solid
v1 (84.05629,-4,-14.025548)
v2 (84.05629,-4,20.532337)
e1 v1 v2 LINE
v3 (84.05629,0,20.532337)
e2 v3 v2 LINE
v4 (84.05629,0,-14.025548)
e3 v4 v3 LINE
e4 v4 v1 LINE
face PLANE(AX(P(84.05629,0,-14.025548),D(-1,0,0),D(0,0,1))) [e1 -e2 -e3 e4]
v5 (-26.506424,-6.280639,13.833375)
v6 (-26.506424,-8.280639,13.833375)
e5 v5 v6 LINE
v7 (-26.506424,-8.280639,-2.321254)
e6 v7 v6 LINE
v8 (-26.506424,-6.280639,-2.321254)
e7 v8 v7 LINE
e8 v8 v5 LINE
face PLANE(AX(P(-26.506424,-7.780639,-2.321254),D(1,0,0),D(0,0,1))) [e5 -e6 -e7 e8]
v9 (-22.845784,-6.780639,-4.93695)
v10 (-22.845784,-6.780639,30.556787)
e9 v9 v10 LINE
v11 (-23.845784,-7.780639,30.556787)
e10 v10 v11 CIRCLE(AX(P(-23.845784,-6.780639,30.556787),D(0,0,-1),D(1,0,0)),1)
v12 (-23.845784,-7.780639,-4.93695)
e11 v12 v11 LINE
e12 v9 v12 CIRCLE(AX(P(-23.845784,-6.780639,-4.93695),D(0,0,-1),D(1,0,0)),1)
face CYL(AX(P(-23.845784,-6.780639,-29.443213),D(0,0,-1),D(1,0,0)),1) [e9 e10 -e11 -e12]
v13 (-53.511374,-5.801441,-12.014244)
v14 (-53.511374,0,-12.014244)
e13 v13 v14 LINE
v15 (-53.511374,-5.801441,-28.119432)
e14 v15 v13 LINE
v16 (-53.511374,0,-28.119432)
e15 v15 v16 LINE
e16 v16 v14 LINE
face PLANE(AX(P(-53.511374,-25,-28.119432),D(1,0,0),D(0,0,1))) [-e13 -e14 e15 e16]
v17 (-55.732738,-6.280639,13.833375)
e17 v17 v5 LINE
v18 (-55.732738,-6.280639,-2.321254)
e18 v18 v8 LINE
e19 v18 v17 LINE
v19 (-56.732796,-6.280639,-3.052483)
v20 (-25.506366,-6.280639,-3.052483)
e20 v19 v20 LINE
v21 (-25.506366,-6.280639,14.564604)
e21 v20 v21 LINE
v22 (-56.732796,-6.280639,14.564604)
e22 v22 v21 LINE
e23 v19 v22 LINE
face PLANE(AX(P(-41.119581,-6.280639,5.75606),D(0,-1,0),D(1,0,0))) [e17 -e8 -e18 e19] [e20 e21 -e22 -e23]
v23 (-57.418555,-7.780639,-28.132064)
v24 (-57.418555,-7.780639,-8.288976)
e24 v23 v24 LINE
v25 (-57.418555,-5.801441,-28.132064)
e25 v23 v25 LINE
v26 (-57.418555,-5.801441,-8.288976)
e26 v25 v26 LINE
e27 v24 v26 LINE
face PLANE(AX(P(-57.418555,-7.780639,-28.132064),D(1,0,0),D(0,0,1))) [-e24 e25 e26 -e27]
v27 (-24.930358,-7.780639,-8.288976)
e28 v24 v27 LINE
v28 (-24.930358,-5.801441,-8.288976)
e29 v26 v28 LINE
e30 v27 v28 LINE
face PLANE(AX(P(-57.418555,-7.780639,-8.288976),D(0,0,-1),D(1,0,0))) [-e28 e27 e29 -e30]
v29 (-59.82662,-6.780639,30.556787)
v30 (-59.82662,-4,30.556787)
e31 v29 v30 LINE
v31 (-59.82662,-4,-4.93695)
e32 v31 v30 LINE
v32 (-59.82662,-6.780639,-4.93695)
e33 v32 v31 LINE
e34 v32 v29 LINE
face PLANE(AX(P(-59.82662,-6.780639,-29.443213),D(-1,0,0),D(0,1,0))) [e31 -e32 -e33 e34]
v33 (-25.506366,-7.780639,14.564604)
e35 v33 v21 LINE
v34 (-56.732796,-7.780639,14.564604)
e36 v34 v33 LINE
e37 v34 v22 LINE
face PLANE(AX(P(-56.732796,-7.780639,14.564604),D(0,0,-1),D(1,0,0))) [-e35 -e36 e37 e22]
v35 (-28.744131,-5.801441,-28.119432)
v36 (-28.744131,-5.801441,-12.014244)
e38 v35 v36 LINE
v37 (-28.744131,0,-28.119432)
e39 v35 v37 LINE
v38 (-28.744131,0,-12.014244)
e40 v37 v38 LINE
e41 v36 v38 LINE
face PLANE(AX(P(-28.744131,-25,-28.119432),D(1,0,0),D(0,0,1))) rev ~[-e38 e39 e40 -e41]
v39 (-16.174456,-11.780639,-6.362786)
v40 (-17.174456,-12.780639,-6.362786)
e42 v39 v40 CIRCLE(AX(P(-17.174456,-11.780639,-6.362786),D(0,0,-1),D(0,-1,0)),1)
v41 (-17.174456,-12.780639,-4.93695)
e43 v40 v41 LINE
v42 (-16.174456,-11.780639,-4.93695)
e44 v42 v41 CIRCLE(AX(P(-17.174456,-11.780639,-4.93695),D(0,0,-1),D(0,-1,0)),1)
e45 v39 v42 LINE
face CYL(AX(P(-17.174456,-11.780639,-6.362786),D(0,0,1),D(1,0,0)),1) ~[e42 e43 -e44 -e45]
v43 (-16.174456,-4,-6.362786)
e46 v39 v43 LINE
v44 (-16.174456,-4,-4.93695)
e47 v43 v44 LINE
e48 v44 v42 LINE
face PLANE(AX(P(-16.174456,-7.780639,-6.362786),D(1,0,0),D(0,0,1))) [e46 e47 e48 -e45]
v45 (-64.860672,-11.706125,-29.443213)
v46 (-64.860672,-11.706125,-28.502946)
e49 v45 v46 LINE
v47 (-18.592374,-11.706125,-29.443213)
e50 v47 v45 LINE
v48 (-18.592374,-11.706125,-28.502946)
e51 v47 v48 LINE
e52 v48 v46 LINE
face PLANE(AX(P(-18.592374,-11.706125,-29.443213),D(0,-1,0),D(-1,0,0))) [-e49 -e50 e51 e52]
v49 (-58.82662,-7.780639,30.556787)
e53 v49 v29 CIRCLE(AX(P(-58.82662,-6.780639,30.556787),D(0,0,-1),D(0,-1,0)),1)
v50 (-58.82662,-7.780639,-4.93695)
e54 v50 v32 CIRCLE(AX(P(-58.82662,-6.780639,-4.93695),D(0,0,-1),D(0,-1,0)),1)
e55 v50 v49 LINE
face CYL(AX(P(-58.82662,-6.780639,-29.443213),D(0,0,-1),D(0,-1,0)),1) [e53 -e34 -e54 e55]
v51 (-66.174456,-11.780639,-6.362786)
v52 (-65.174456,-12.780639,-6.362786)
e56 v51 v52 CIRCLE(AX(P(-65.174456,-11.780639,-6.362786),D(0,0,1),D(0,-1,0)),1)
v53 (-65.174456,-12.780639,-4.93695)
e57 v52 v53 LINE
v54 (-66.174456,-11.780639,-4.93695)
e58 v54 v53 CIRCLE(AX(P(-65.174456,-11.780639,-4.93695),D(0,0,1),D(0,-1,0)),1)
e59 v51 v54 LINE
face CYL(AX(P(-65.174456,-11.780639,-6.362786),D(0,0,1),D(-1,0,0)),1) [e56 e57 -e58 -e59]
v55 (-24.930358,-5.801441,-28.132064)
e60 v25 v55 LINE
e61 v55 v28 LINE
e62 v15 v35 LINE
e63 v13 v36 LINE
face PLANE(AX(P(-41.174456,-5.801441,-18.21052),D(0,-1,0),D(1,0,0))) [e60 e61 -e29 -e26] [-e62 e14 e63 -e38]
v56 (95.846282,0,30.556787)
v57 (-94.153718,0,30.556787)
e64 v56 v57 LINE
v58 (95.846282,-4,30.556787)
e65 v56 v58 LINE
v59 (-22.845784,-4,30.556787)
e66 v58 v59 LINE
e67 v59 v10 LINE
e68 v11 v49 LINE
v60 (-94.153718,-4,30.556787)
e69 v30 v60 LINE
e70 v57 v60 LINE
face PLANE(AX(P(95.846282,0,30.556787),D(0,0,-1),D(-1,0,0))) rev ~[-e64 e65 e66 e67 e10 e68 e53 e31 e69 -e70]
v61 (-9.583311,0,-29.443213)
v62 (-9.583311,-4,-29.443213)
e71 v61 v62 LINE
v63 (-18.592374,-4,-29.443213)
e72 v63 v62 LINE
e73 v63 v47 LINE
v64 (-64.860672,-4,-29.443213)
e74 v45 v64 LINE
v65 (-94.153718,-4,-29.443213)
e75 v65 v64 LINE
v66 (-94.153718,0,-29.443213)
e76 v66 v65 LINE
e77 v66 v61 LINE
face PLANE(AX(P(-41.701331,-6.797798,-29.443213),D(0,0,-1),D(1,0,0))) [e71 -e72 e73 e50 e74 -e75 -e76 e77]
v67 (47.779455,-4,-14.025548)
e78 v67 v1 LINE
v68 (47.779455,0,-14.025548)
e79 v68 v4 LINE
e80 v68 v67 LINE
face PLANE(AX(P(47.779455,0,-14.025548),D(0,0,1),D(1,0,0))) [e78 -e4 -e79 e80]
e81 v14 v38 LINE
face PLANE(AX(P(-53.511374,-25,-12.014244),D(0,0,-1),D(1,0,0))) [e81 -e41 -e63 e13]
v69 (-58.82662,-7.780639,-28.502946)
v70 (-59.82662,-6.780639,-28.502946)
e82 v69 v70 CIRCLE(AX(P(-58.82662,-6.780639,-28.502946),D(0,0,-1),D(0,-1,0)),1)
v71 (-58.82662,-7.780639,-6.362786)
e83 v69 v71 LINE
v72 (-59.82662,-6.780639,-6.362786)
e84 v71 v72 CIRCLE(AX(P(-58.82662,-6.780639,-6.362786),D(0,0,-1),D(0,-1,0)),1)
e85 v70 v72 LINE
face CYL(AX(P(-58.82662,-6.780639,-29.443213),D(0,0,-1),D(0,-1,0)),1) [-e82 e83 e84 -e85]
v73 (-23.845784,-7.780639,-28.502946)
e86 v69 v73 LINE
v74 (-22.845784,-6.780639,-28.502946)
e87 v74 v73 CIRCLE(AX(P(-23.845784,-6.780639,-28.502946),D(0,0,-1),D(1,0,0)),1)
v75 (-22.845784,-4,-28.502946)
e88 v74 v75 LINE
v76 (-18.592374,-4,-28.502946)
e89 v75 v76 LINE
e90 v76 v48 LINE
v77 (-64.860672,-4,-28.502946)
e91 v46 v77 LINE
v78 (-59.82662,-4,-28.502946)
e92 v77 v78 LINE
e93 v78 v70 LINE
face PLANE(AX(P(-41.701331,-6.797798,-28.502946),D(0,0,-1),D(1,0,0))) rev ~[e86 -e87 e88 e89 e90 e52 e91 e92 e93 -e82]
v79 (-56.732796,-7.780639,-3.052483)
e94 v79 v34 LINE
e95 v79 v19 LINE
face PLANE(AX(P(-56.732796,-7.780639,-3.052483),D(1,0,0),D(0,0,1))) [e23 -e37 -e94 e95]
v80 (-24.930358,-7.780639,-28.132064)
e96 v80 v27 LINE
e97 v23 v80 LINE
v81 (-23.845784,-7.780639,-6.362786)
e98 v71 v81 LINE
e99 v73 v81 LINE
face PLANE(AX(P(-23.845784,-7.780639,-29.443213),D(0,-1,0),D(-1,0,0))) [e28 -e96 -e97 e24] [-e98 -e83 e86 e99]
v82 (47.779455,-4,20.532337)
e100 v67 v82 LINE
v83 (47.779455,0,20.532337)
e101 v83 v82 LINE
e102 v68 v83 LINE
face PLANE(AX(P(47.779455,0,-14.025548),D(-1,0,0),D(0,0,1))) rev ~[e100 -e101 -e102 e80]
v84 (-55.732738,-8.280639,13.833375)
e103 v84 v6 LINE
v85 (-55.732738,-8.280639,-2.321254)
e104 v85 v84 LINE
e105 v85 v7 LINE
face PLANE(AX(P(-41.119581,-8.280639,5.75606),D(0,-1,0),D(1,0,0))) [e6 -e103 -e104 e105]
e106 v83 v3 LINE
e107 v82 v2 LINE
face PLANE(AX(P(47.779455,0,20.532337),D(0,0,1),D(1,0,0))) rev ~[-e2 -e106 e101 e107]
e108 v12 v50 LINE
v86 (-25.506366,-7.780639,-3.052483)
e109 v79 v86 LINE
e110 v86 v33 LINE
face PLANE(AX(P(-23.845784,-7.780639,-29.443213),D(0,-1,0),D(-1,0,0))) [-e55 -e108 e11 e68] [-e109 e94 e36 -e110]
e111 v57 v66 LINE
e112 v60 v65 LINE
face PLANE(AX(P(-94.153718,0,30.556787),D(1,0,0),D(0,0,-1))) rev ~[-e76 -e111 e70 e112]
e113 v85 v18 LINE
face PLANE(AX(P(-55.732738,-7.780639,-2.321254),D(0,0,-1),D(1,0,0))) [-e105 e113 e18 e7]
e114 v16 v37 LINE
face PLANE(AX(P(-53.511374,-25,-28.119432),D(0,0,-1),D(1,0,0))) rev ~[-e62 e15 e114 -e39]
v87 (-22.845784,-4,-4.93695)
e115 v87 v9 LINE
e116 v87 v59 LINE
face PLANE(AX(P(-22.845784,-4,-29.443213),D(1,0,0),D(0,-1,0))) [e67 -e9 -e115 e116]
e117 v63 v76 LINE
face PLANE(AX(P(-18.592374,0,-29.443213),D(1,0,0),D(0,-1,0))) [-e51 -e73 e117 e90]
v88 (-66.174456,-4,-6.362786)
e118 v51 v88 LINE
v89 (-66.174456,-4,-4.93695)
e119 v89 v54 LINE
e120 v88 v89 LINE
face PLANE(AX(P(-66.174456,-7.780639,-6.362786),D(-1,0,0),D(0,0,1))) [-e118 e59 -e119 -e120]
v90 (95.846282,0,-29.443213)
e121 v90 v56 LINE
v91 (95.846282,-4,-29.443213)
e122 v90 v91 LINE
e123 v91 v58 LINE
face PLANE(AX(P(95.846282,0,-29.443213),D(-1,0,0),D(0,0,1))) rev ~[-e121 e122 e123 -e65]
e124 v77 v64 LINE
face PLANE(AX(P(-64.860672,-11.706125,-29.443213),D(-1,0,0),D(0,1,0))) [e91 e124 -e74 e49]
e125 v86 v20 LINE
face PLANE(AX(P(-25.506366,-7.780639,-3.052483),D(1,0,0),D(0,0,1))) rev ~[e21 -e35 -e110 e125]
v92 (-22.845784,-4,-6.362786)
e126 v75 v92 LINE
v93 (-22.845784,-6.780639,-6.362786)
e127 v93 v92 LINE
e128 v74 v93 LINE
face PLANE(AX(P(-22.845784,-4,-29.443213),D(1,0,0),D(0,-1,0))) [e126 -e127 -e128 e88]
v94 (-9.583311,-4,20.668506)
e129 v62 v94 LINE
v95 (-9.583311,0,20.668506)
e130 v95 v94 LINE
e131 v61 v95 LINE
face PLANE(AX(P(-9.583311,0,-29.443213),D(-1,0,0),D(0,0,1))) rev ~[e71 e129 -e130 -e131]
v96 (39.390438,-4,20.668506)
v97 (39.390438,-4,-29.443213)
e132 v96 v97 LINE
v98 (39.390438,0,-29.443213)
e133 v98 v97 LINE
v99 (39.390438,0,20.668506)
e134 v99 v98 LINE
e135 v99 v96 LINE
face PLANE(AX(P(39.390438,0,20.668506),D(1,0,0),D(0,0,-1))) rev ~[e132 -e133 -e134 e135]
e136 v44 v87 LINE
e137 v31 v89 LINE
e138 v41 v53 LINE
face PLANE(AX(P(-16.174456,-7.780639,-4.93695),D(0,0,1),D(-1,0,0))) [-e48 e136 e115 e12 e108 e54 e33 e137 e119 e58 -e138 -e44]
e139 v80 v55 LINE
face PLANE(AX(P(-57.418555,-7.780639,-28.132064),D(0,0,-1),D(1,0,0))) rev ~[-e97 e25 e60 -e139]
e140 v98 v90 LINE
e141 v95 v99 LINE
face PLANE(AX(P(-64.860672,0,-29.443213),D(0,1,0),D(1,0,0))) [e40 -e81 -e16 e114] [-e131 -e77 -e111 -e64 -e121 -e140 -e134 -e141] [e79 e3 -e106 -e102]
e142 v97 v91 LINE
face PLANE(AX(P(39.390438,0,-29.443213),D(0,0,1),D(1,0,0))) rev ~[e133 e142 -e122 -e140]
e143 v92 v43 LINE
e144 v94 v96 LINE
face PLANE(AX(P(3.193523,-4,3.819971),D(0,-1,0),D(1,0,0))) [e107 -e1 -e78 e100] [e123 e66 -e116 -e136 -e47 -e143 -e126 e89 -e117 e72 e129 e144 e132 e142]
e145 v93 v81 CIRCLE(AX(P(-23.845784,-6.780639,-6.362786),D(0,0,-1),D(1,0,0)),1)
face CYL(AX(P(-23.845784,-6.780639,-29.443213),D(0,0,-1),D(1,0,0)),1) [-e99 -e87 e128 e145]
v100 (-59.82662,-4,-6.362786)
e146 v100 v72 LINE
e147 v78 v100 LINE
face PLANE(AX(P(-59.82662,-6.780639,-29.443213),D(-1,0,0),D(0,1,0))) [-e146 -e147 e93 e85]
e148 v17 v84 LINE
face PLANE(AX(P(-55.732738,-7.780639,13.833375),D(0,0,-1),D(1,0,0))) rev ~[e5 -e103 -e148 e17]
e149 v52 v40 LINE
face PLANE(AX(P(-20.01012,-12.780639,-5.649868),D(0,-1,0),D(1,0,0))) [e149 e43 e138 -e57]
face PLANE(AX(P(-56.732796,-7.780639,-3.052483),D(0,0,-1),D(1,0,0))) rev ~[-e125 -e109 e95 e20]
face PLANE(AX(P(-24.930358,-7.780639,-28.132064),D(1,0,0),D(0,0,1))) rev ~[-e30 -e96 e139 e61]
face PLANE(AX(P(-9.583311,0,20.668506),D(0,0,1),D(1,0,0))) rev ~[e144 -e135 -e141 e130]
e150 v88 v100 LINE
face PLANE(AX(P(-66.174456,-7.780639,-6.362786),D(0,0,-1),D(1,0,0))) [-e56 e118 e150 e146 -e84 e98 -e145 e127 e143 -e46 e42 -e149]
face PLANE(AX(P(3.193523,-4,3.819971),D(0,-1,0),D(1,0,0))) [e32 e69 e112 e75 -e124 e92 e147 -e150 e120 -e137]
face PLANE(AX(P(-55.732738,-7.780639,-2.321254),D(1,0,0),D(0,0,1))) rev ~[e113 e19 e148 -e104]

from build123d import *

# Parameters (mm, degrees)
F0_W           = 36.2768345653
F0_H           = 34.5578843861
F1_DEPTH       = 4
F3_DEPTH       = 60
F4_W           = 24.767242372
F4_H           = 16.1051880568
F5_DEPTH       = 25
F6_DEPTH       = 28.2239038497
F7_W           = 32.4881970882
F7_H           = 19.8430884629
F7_W_2         = 24.767242372
F7_H_2         = 16.1051880568
F8_DEPTH       = 1.9791987725
F9_W           = 36.9808363765
F9_H           = 4
F10_DEPTH      = 0.9402669966
F11_W          = 29.2263142765
F11_H          = 16.1546287127
F12_DEPTH      = 0.5
F13_W          = 31.2264300883
F13_H          = 17.6170864142
F13_W_2        = 29.2263142765
F13_H_2        = 16.1546287127
F14_DEPTH      = 1.5
F15_W          = 7.6713270694
F15_H          = 1.4258362353
F15_W_2        = 34.9808363765
F15_W_3        = 7.3478365541
F16_DEPTH      = 5
F16_DEPTH_BACK = 4.8303701915
F17_R          = 1


with BuildPart() as f1:
    # F0 (on Front) → F1 (new body)
    with BuildSketch(Plane.XZ):
        Polygon((95.8462816477, 30.5567865909), (-94.1537183523, 30.5567865909), (-94.1537183523, -29.4432134091), (-9.5833106827, -29.4432134091), (-9.5833106827, 20.6685056415), (39.3904383138, 20.6685056415), (39.3904383138, -29.4432134091), (95.8462816477, -29.4432134091), align=None)
        with Locations((65.9178723932, 3.2533946408)):
            Rectangle(F0_W, F0_H, mode=Mode.SUBTRACT)
    extrude(amount=F1_DEPTH)

    # F2 (on face) → F3 (join)
    with BuildSketch(Plane(origin=(0, 0, -29.4432134091), x_dir=(1, 0, 0), z_dir=(0, 0, -1))):
        with BuildLine():
            Line((-59.8266199231, 6.7806394547), (-59.8266199231, 4))
            Line((-59.8266199231, 4), (-22.8457835466, 4))
            Line((-22.8457835466, 4), (-22.8457835466, 6.7806394547))
            ThreePointArc((-22.8457835466, 6.7806394547), (-23.1386767654, 7.4877462359), (-23.8457835466, 7.7806394547))
            Line((-23.8457835466, 7.7806394547), (-58.8266199231, 7.7806394547))
            ThreePointArc((-58.8266199231, 7.7806394547), (-59.5337267043, 7.4877462359), (-59.8266199231, 6.7806394547))
        make_face()
    extrude(amount=-F3_DEPTH)

    # F4 (on face) → F5 (join)
    with BuildSketch(Plane.XZ):
        with Locations((-41.1277525127, -20.0668377802)):
            Rectangle(F4_W, F4_H)
    extrude(amount=F5_DEPTH)

    # F6 (cut): a face of the model
    f6_faces = [f1.faces().sort_by_distance(p)[0] for p in [
        (-41.1277525127, -25, -20.0668377802),
    ]]
    extrude(f6_faces, amount=-F6_DEPTH, mode=Mode.SUBTRACT)

    # F7 (on face) → F8 (cut)
    with BuildSketch(Plane.XZ.offset(7.7806394547)):
        with Locations((-41.1744564772, -18.2105200365)):
            Rectangle(F7_W, F7_H)
        with Locations((-41.1277525127, -20.0668377802)):
            Rectangle(F7_W_2, F7_H_2, mode=Mode.SUBTRACT)
    extrude(amount=-F8_DEPTH, mode=Mode.SUBTRACT)

    # F9 (on face) → F10 (join)
    with BuildSketch(Plane(origin=(0, 0, -29.4432134091), x_dir=(1, 0, 0), z_dir=(0, 0, -1))):
        Polygon((-64.8606717587, 11.7061249912), (-64.8606717587, 0), (-59.8266199231, 0), (-59.8266199231, 4), (-22.8457835466, 4), (-22.8457835466, 0), (-18.5923743993, 0), (-18.5923743993, 11.7061249912), align=None)
        with Locations((-41.3362017348, 2)):
            Rectangle(F9_W, F9_H)
    extrude(amount=-F10_DEPTH)

    # F11 (on face) → F12 (join)
    with BuildSketch(Plane.XZ.offset(7.7806394547)):
        with Locations((-41.1195810884, 5.75606036)):
            Rectangle(F11_W, F11_H)
    extrude(amount=F12_DEPTH)

    # F13 (on face) → F14 (cut)
    with BuildSketch(Plane.XZ.offset(7.7806394547)):
        with Locations((-41.1195810884, 5.75606036)):
            Rectangle(F13_W, F13_H)
        with Locations((-41.1195810884, 5.75606036)):
            Rectangle(F13_W_2, F13_H_2, mode=Mode.SUBTRACT)
    extrude(amount=-F14_DEPTH, mode=Mode.SUBTRACT)

    # F15 (on face) → F16 (join, two sides)
    with BuildSketch(Plane.XZ.offset(7.7806394547)) as f16_sk:
        with Locations((-20.0101200119, -5.6498679332)):
            Rectangle(F15_W, F15_H)
        with Locations((-41.3362017348, -5.6498679332)):
            Rectangle(F15_W_2, F15_H)
        with Locations((-62.5005382001, -5.6498679332)):
            Rectangle(F15_W_3, F15_H)
    extrude(amount=F16_DEPTH)
    extrude(f16_sk.sketch, amount=-F16_DEPTH_BACK)

    # F17
    f17_edges = [f1.edges().sort_by_distance(p)[0] for p in [
        (-16.174456, -12.780639, -5.649868),
        (-66.174456, -12.780639, -5.649868),
    ]]
    fillet(f17_edges, radius=F17_R)


solid = f1.part
